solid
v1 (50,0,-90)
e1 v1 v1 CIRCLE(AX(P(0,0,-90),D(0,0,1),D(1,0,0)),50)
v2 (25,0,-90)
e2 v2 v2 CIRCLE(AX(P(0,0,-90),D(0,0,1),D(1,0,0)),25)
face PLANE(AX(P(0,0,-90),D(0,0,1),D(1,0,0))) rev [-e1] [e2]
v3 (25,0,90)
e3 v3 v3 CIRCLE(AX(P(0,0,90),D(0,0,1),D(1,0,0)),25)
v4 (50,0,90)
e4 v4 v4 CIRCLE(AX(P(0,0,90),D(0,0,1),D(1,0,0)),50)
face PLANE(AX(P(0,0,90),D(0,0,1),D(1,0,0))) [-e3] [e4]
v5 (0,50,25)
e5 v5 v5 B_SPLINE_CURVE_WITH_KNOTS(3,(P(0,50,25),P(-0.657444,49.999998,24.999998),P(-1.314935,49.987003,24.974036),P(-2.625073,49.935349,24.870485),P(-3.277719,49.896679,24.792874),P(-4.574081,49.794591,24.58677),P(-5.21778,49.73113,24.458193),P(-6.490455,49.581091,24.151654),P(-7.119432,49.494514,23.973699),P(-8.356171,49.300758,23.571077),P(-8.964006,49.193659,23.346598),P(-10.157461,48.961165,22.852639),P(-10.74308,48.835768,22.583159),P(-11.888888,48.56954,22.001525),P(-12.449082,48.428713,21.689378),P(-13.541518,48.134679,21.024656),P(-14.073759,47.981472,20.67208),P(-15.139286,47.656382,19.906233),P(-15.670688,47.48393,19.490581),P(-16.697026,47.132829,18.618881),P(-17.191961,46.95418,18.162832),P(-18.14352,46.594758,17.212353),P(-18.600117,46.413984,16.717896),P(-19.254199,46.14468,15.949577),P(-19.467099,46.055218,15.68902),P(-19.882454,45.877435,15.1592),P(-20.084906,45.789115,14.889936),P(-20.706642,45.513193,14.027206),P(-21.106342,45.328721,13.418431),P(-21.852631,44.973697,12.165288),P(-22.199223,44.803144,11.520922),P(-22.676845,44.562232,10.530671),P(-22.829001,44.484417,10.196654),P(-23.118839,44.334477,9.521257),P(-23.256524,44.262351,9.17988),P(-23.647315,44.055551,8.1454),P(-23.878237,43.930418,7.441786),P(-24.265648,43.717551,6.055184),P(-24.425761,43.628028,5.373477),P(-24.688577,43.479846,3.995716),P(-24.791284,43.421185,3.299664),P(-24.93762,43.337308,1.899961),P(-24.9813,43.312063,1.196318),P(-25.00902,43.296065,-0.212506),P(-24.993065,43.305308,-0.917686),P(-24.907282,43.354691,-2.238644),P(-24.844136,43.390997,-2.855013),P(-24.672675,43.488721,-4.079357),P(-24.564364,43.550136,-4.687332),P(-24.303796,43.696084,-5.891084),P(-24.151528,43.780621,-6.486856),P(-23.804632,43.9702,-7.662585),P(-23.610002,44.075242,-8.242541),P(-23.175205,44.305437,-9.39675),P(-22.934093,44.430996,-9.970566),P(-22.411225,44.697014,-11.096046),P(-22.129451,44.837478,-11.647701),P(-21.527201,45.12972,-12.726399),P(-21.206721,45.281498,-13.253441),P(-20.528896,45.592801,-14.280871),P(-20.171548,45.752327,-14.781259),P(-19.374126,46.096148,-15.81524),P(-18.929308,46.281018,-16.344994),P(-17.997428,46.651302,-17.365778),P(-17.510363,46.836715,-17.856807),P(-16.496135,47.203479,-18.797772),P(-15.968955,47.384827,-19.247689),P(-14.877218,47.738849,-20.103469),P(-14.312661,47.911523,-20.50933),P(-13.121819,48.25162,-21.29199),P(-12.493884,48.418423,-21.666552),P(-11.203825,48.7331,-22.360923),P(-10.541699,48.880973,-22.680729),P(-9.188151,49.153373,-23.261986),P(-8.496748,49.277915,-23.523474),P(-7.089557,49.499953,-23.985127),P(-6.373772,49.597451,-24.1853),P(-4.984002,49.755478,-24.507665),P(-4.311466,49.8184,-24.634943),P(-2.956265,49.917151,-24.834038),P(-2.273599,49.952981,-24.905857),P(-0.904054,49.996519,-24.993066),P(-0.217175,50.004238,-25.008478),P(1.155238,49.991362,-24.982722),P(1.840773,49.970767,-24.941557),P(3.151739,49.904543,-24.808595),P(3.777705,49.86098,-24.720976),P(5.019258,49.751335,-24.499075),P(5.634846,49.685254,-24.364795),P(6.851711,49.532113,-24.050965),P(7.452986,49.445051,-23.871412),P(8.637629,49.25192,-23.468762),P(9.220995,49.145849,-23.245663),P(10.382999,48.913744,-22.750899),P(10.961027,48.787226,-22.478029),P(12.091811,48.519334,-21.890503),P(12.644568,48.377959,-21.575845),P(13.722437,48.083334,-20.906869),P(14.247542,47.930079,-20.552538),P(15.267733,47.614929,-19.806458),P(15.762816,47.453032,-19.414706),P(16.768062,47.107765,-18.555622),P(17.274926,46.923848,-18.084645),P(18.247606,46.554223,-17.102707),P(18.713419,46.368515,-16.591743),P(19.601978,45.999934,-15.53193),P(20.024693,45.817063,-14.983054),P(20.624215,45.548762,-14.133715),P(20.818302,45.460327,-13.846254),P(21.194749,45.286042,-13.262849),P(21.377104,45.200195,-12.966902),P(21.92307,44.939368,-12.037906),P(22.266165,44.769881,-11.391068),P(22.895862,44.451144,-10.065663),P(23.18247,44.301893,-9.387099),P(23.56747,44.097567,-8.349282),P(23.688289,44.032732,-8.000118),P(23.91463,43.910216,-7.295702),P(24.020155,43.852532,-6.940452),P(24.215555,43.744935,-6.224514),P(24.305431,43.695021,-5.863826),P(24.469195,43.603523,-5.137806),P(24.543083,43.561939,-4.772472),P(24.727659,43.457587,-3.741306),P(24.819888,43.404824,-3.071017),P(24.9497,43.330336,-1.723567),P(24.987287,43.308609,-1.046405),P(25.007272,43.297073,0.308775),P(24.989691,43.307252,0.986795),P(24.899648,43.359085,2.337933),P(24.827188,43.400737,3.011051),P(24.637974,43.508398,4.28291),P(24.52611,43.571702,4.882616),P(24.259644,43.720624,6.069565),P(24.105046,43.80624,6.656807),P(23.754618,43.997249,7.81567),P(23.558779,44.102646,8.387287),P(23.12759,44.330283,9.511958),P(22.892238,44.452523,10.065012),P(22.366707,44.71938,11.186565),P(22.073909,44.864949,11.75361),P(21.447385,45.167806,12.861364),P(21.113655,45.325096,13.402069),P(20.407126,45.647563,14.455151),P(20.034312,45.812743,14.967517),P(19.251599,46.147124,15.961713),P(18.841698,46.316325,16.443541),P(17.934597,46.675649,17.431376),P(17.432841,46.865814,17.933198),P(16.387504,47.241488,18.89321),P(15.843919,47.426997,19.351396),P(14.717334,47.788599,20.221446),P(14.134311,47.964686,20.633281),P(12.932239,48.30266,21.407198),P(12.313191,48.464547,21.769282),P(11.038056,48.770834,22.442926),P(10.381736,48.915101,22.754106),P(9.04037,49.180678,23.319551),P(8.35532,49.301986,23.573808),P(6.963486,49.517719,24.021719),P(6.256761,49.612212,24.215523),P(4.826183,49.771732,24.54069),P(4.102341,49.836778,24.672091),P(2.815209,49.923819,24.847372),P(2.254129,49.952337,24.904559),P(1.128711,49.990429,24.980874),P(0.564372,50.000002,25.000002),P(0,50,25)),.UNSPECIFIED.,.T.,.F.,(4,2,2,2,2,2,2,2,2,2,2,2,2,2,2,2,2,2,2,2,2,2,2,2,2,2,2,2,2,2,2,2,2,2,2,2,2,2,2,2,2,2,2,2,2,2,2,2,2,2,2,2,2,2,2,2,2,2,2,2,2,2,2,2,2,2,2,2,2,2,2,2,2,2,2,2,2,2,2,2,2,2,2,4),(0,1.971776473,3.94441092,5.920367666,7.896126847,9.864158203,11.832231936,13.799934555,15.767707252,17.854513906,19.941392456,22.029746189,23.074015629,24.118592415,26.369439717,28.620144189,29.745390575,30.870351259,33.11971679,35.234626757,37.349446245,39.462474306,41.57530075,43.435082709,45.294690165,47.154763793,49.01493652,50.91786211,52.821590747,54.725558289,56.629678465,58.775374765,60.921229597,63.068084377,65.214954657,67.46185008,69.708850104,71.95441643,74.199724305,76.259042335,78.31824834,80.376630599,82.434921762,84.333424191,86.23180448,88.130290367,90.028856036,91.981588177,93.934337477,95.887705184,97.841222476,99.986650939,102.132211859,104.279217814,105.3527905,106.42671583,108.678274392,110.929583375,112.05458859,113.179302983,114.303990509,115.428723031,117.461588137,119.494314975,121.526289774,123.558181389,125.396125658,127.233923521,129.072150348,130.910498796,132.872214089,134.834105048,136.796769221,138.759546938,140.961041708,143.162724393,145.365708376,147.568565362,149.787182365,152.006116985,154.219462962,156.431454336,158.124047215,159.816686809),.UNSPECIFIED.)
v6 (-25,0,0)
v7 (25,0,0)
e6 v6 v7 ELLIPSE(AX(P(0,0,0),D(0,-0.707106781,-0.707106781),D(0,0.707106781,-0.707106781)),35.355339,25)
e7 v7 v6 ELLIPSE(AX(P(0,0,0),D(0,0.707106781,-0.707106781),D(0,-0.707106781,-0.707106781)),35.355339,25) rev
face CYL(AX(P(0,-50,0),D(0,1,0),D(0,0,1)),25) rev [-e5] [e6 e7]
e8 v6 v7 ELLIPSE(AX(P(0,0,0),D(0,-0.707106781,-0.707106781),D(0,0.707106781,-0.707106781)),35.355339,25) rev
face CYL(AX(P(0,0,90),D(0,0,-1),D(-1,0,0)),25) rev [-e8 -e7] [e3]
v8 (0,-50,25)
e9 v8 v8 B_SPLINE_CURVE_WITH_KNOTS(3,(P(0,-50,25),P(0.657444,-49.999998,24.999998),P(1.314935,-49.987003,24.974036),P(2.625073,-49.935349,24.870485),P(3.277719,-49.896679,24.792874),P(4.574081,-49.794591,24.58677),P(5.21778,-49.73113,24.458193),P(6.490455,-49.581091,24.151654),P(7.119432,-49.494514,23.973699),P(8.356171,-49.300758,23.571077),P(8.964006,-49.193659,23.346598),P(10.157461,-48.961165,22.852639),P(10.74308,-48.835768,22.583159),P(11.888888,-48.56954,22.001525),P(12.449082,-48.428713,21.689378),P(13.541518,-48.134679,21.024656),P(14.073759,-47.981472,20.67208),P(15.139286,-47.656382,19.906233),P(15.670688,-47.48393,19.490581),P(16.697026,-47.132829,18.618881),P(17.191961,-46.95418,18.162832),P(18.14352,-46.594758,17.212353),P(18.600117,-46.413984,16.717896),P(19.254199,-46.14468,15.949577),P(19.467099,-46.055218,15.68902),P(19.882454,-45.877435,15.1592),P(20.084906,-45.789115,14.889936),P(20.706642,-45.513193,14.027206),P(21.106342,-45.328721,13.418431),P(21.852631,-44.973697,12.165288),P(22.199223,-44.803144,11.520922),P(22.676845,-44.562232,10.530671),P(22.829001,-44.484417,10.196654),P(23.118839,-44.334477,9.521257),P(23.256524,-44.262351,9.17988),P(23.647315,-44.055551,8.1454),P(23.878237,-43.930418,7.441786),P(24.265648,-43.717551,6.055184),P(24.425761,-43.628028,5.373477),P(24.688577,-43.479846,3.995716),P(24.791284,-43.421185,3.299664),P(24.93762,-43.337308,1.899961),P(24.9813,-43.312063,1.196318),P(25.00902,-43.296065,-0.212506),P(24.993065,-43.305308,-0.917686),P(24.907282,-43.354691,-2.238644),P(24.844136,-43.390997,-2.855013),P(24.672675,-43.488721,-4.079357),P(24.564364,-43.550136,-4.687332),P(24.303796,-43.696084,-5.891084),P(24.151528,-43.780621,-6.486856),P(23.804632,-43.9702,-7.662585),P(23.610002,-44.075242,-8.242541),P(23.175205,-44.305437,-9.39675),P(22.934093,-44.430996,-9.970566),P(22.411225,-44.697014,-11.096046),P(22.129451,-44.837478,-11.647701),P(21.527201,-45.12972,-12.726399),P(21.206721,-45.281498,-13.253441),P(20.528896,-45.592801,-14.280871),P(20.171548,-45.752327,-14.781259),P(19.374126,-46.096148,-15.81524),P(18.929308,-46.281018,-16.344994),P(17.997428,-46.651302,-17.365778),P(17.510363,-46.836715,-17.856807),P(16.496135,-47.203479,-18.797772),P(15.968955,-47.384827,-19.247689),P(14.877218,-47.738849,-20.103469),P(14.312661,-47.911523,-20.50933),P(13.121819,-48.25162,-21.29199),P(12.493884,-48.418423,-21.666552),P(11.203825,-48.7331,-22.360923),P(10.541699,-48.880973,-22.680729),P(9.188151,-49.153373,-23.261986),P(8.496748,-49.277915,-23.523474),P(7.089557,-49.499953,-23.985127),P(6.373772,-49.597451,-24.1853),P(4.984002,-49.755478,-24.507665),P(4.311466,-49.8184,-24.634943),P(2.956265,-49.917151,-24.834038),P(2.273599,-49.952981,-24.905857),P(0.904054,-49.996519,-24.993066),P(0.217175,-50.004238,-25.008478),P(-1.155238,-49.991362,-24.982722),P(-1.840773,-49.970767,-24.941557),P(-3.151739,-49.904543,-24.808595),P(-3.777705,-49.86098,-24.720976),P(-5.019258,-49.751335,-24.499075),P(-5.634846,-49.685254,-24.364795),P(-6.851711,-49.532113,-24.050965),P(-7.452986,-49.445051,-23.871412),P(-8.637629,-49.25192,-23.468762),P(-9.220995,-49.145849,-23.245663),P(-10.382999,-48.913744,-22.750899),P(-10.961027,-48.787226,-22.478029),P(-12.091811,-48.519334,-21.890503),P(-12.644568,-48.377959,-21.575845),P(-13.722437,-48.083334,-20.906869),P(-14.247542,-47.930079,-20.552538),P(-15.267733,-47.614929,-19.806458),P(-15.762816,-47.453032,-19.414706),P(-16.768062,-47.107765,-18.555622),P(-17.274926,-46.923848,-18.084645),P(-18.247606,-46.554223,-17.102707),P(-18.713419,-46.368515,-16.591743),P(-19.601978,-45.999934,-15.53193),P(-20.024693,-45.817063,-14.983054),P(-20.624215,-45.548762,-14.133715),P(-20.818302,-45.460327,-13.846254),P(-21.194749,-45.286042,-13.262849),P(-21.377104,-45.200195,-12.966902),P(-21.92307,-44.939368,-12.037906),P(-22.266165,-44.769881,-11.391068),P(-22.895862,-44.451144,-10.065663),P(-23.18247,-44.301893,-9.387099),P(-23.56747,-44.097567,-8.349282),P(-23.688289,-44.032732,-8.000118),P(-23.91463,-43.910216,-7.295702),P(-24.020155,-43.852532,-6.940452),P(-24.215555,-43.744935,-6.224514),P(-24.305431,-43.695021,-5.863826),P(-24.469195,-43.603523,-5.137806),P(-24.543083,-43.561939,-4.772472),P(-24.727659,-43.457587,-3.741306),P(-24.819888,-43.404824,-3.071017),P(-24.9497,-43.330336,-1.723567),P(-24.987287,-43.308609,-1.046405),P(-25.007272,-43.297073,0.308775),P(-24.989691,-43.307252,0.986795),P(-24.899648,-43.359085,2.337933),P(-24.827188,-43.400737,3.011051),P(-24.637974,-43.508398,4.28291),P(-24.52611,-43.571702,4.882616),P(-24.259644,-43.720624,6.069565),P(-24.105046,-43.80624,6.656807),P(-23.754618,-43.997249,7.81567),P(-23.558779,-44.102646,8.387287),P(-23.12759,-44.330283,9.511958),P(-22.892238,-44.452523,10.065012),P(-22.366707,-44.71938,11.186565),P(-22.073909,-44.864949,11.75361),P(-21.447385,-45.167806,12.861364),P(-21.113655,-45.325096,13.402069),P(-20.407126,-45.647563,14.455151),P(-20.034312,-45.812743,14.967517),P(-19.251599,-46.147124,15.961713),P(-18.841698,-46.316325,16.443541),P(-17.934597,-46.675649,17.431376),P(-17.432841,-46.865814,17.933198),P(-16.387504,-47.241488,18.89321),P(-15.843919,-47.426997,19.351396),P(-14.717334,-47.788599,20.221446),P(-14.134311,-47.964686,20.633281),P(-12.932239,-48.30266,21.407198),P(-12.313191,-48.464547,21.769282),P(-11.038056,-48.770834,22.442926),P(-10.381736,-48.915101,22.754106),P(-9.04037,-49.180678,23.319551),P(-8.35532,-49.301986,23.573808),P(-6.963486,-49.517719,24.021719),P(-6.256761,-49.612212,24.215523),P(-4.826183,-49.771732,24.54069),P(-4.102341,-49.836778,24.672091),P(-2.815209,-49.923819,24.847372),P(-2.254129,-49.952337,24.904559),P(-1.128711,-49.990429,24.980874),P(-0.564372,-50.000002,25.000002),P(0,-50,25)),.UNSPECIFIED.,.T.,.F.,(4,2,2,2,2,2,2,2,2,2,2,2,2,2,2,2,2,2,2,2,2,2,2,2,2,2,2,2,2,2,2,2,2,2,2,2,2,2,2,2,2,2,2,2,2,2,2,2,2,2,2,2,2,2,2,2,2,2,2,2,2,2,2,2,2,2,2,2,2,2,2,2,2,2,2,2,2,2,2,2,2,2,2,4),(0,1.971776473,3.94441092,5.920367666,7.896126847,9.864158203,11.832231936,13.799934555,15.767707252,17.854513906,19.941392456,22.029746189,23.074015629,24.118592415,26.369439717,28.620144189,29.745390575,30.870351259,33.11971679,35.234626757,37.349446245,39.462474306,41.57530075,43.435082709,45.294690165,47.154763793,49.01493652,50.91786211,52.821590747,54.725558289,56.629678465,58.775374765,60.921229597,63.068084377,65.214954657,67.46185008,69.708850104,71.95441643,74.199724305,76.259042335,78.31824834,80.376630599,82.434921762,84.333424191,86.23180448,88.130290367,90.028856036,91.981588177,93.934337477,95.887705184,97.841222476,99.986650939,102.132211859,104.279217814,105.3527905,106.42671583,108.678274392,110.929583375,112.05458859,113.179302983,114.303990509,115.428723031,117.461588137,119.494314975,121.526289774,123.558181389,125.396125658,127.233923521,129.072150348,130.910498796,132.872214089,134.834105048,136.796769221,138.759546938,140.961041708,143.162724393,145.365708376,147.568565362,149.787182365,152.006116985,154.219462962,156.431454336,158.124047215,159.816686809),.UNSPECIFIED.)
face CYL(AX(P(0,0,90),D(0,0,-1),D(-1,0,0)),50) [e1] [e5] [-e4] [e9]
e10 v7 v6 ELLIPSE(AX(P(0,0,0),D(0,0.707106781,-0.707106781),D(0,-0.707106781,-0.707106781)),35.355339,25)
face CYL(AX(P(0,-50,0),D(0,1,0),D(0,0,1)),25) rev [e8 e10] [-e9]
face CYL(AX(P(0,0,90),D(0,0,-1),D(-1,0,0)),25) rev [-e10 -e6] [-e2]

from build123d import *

# Parameters (mm, degrees)
SKETCH1_R               = 50
SKETCH1_R_2             = 25
BOSS_EXTRUDE1_DEPTH     = 90
CUT_EXTRUDE1_DEPTH      = 115.455231423
CUT_EXTRUDE1_DEPTH_BACK = 115.455231423
SKETCH2_R               = 25


with BuildPart() as part:
    # Sketch1 → Boss-Extrude1 (new, symmetric)
    with BuildSketch(Plane.XY):
        with Locations(Location((0, 0, 0), (0, 0, 180))):
            Circle(SKETCH1_R)
        with Locations(Location((0, 0, 0), (0, 0, 180))):
            Circle(SKETCH1_R_2, mode=Mode.SUBTRACT)
    extrude(amount=BOSS_EXTRUDE1_DEPTH, both=True)

    # Sketch2 → Cut-Extrude1 (cut, two sides: drawn at the far end of the back side and taken through both)
    with BuildSketch(Plane(origin=(0, 0, 0), x_dir=(1, 0, 0), z_dir=(0, 1, 0)).offset(-CUT_EXTRUDE1_DEPTH_BACK)):
        with Locations(Location((0, 0, 0), (0, 0, 270))):
            Circle(SKETCH2_R)
    extrude(amount=CUT_EXTRUDE1_DEPTH + CUT_EXTRUDE1_DEPTH_BACK, mode=Mode.SUBTRACT)


solid = part.part
